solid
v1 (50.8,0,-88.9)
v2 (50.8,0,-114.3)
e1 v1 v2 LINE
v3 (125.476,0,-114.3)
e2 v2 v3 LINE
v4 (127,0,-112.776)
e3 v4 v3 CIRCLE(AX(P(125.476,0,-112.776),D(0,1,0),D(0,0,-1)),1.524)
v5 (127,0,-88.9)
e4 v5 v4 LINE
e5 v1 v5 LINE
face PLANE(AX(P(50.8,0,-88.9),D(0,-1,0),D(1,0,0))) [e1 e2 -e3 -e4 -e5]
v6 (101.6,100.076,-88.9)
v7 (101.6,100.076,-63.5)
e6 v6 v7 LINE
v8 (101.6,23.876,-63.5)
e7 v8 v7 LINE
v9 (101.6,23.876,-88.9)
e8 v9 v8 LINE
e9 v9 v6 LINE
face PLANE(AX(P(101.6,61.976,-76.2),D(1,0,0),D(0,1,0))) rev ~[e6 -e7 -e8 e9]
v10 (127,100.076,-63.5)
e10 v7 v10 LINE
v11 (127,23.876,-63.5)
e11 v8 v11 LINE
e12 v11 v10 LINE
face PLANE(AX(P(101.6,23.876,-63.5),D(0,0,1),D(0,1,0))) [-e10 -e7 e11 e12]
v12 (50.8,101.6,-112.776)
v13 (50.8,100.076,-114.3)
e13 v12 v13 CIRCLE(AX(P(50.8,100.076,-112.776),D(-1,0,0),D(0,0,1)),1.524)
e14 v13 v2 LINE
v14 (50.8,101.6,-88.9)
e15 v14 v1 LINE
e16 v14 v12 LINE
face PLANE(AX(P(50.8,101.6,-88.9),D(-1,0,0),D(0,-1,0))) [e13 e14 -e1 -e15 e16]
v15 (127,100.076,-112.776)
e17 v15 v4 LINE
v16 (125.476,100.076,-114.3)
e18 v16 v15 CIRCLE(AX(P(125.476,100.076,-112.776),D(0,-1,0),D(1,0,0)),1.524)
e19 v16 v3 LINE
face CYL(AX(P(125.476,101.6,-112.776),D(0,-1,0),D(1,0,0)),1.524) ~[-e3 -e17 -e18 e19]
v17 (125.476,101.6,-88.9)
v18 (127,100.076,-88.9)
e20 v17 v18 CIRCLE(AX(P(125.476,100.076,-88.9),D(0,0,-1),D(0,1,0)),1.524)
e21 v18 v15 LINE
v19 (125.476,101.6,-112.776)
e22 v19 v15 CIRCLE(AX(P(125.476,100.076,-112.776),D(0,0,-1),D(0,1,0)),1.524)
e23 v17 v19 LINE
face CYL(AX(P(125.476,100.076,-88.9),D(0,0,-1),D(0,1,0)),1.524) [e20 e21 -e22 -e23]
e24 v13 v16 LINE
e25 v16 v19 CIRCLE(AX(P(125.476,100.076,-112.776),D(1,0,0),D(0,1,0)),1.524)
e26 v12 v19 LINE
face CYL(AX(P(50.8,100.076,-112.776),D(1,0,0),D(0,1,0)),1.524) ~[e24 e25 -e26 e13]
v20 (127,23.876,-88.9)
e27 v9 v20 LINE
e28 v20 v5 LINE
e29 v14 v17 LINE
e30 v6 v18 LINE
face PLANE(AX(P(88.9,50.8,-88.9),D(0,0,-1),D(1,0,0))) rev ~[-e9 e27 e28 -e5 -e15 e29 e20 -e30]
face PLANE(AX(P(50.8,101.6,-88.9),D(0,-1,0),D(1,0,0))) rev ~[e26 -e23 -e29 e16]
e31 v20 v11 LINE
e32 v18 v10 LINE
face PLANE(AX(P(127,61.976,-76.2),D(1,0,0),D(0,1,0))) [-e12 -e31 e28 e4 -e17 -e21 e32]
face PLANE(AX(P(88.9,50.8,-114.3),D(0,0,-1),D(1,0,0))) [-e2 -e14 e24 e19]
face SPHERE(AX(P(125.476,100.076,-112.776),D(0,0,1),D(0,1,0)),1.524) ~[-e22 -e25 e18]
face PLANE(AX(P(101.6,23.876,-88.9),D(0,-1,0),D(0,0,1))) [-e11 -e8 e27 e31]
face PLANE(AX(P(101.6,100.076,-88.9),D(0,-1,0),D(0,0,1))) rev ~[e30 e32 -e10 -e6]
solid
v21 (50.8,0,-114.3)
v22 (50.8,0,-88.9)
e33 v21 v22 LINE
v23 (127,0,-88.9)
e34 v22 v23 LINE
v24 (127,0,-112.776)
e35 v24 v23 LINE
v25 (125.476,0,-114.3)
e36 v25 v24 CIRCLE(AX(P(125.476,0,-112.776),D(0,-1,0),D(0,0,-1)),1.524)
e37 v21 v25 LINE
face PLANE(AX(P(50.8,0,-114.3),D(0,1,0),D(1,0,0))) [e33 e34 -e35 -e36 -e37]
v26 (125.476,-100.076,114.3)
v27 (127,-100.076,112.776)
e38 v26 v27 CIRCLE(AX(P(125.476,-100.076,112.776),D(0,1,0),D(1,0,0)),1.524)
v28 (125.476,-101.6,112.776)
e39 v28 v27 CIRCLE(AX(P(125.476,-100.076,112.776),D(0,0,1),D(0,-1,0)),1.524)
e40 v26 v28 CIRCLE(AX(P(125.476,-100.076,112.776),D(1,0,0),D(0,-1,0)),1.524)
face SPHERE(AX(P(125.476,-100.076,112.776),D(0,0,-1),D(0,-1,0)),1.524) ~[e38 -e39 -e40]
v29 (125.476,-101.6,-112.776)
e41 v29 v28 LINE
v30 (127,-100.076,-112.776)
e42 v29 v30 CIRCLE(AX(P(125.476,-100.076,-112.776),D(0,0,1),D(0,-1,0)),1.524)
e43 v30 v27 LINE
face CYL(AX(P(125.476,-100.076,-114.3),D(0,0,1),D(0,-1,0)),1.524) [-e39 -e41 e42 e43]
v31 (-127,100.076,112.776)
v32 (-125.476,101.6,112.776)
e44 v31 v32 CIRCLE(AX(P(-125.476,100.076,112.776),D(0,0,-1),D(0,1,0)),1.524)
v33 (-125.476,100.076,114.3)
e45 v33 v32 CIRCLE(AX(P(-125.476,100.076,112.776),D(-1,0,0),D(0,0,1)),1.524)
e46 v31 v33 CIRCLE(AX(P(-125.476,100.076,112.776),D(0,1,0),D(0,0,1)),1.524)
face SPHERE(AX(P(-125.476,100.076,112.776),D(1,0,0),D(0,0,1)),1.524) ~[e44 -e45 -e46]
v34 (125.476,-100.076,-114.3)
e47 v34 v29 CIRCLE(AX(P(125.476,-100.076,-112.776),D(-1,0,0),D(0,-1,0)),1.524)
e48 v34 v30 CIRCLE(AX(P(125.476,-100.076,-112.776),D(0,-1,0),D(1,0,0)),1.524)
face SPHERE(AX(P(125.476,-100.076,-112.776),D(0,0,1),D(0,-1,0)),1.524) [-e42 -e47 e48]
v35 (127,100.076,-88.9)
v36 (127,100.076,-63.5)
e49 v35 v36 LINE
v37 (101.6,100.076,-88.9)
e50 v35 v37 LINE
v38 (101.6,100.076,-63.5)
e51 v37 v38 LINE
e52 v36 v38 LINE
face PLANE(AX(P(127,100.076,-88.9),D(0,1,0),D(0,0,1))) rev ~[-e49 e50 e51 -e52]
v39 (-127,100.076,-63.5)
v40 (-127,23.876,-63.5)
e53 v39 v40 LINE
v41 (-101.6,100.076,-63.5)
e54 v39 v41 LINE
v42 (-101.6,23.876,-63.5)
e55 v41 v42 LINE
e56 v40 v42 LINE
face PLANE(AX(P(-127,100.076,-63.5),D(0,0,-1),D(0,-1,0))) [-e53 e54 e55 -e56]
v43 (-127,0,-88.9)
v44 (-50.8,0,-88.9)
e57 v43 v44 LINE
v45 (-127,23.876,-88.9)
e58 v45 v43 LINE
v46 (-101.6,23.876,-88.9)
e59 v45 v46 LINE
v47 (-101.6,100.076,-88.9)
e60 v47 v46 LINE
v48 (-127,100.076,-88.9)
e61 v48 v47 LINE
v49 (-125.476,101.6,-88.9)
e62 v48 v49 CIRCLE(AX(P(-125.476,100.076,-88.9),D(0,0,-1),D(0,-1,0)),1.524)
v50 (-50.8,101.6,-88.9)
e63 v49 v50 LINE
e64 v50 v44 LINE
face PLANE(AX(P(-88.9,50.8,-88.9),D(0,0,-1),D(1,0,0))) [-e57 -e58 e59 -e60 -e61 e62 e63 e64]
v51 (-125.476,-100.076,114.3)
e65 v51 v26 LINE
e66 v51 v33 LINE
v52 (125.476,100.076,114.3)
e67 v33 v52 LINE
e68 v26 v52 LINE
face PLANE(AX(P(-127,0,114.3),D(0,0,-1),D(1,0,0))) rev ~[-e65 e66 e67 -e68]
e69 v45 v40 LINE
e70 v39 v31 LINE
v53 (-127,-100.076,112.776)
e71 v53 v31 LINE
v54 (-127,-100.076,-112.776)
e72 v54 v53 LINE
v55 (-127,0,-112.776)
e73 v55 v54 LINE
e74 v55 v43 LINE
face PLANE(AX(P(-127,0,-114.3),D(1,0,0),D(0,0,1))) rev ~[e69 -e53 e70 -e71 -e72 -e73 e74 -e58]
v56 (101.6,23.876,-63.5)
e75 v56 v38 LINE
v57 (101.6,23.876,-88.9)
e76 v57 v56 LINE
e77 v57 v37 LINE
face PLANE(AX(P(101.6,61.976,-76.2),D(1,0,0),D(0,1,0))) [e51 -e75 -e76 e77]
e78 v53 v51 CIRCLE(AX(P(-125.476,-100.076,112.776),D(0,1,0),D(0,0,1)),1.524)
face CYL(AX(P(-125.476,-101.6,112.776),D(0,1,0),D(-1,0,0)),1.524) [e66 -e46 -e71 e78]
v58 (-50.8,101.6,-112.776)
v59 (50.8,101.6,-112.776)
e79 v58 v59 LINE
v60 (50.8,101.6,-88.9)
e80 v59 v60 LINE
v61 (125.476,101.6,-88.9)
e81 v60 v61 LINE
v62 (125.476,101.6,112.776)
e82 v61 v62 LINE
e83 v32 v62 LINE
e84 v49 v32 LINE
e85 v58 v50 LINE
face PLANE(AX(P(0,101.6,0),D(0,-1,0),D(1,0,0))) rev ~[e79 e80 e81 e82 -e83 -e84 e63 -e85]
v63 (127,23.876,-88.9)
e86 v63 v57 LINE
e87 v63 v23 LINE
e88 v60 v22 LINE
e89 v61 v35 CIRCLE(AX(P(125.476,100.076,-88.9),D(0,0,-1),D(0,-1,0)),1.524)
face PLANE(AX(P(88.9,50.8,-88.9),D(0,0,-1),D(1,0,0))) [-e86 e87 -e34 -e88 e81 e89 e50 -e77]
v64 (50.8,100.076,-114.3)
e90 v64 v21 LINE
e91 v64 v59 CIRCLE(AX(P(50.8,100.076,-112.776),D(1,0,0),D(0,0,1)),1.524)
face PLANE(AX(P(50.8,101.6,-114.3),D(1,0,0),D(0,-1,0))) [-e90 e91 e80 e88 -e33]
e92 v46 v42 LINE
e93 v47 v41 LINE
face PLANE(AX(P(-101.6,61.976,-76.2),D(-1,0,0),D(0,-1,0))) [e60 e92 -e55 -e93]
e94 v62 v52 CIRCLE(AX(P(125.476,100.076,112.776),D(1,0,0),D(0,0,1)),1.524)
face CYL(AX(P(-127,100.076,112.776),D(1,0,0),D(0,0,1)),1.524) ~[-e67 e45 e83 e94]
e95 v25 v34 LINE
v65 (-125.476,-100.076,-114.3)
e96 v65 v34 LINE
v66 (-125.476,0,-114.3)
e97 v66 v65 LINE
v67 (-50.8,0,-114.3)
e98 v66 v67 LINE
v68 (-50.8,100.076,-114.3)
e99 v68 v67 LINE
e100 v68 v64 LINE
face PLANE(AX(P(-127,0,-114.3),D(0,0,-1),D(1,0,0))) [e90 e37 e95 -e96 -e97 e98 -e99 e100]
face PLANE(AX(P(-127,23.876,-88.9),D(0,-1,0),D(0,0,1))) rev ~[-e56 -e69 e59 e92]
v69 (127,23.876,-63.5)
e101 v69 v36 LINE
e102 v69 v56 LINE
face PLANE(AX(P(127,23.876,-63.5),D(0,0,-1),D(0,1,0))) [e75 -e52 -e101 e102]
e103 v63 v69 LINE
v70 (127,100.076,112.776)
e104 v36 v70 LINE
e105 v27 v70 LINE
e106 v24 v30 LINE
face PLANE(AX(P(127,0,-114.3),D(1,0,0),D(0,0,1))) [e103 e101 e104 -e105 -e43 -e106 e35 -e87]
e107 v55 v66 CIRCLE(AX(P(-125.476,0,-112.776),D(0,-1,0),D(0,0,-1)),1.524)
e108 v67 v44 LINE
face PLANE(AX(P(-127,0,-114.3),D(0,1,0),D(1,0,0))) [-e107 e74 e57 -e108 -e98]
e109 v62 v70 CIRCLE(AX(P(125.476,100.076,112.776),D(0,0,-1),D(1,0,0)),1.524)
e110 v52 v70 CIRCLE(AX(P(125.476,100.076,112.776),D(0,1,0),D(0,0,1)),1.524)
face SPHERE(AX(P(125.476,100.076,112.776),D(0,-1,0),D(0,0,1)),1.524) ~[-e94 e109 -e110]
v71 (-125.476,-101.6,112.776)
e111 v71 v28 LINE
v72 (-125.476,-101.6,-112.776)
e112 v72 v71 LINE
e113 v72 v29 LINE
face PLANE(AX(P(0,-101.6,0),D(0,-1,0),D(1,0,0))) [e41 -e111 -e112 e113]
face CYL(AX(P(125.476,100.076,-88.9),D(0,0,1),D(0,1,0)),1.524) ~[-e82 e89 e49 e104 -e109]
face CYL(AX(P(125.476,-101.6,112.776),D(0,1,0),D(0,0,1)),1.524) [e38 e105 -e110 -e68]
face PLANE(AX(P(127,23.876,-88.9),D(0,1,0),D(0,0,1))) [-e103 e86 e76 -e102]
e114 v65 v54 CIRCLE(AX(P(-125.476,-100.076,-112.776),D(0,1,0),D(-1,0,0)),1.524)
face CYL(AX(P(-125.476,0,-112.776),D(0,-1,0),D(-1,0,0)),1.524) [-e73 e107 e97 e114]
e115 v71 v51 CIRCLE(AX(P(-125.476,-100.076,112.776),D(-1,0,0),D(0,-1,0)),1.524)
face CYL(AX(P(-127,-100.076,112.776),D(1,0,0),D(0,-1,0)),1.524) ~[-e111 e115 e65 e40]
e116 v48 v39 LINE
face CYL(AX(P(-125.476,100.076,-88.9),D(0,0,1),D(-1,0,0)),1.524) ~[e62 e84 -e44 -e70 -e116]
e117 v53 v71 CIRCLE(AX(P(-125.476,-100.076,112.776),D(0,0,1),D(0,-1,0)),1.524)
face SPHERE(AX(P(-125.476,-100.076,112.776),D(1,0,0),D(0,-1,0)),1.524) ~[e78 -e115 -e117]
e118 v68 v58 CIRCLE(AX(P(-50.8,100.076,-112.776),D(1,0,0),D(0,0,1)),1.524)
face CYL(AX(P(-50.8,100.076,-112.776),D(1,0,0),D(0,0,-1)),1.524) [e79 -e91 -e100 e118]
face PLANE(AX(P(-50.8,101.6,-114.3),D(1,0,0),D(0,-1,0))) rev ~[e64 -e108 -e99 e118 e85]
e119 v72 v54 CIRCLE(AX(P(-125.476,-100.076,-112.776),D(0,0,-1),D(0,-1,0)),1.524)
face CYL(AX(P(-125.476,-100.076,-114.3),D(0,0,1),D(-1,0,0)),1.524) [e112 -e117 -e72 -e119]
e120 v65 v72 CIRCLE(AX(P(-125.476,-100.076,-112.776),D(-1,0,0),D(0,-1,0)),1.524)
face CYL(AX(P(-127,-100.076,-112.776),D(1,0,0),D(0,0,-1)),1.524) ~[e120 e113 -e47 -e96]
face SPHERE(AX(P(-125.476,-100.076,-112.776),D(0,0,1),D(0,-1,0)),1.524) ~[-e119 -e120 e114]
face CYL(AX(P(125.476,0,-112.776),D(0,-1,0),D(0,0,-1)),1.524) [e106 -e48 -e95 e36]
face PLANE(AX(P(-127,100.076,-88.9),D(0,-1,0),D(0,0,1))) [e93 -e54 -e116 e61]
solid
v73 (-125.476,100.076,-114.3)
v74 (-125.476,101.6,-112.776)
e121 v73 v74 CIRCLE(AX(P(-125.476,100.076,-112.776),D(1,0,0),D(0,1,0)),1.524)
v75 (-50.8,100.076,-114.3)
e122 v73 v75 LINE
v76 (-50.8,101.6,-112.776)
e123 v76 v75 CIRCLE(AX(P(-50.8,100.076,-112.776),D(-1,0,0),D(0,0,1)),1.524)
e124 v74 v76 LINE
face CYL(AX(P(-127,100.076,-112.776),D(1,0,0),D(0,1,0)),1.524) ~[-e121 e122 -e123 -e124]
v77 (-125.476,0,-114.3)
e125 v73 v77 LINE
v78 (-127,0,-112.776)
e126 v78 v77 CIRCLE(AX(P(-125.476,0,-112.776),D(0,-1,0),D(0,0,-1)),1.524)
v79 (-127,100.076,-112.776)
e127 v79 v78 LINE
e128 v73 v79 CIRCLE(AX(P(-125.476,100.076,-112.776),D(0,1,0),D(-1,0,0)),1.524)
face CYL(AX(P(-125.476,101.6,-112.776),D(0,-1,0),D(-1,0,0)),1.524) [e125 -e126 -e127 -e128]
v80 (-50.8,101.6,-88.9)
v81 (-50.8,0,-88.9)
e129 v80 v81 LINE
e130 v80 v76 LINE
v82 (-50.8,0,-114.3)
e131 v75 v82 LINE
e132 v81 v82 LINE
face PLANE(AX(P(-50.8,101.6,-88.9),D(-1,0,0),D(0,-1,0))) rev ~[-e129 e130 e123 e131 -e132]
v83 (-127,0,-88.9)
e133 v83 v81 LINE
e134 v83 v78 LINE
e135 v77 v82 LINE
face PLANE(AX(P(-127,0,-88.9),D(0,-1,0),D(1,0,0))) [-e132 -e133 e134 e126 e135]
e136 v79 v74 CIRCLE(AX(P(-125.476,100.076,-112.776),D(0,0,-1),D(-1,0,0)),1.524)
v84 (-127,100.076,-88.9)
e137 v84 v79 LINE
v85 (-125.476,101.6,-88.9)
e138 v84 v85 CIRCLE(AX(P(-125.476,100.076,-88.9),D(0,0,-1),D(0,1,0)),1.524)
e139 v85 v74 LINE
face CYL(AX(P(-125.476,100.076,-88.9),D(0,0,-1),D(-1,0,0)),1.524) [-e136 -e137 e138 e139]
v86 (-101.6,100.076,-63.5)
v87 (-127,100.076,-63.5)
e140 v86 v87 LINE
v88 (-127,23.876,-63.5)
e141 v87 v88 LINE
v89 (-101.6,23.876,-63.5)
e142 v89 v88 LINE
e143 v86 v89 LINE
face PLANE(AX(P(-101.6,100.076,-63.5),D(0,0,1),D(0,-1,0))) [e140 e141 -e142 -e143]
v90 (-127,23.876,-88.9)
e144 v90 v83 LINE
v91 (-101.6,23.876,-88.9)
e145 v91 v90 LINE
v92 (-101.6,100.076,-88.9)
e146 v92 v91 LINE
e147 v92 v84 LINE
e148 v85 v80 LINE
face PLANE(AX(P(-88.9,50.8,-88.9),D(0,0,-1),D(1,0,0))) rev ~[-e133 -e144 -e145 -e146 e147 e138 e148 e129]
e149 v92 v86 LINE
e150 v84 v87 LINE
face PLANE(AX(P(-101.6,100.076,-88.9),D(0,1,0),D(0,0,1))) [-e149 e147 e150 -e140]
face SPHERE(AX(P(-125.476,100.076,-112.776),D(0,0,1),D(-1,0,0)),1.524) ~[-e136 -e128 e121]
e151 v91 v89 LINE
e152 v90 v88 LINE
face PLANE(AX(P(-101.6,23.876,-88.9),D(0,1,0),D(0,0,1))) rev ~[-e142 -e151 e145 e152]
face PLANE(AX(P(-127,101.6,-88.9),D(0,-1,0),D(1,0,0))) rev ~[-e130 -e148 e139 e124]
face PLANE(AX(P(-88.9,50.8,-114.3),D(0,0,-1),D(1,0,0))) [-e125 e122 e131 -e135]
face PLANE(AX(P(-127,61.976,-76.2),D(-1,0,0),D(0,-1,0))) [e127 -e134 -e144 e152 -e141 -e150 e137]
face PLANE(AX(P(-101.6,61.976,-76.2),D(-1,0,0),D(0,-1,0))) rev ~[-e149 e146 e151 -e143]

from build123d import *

# Parameters (mm, degrees)
F0_W      = 254
F0_H      = 228.6
F1_DEPTH  = 101.6
F2_W      = 76.2
F2_H      = 101.6
F3_DEPTH  = 25.4
F4_DEPTH  = 25.4
F5_R      = 1.524
F5_2_R    = 1.524
F5_3_R    = 1.524
F6_W      = 76.2
F6_H      = 25.4
F7_DEPTH  = 25.4
F8_DEPTH  = 25.4
F9_W      = 76.2
F9_H      = 25.4
F10_DEPTH = 25.4
F11_DEPTH = 25.4


with BuildPart() as f1:
    # F0 (on Front) → F1 (new body, symmetric)
    with BuildSketch(Plane.XZ):
        Rectangle(F0_W, F0_H)
    extrude(amount=F1_DEPTH, both=True)

    # F2 (on face) → F3 (cut)
    with BuildSketch(Plane(origin=(0, 0, -114.3), x_dir=(1, 0, 0), z_dir=(0, 0, -1))):
        with Locations((88.9, -50.8)):
            Rectangle(F2_W, F2_H)
        with Locations((-88.9, -50.8)):
            Rectangle(F2_W, F2_H)
    extrude(amount=-F3_DEPTH, mode=Mode.SUBTRACT)


with BuildPart() as f4:
    # F4 (new): a face of the model
    f4_faces = [f1.part.faces().sort_by_distance(p)[0] for p in [
        (88.9, 50.8, -88.9),
    ]]
    extrude(f4_faces, amount=F4_DEPTH)

    # F5#2
    f5_2_edges = [f4.edges().sort_by_distance(p)[0] for p in [
        (127, 101.6, -101.6),
        (88.9, 101.6, -114.3),
        (127, 50.8, -114.3),
    ]]
    fillet(f5_2_edges, radius=F5_2_R)



with BuildPart() as f4b:
    # F4#2 (new): a face of the model
    f4_2_faces = [f1.part.faces().sort_by_distance(p)[0] for p in [
        (-88.9, 50.8, -88.9),
    ]]
    extrude(f4_2_faces, amount=F4_DEPTH)

    # F5#3
    f5_3_edges = [f4b.edges().sort_by_distance(p)[0] for p in [
        (-127, 101.6, -101.6),
        (-127, 50.8, -114.3),
        (-88.9, 101.6, -114.3),
    ]]
    fillet(f5_3_edges, radius=F5_3_R)



with BuildPart() as f1_1:
    add(f1.part)

    # F5
    f5_edges = [f1_1.edges().sort_by_distance(p)[0] for p in [
        (127, -101.6, 0),
        (0, -101.6, 114.3),
        (-127, -101.6, 0),
        (0, -101.6, -114.3),
        (127, 0, 114.3),
        (0, 101.6, 114.3),
        (-127, 0, 114.3),
        (127, 101.6, 12.7),
        (-127, 101.6, 12.7),
        (-127, -50.8, -114.3),
        (0, 101.6, -114.3),
        (127, -50.8, -114.3),
    ]]
    fillet(f5_edges, radius=F5_R)

    # F6 (on face) → F7 (cut)
    with BuildSketch(Plane.YZ.offset(127)):
        with Locations((61.976, -76.2)):
            Rectangle(F6_W, F6_H)
    extrude(amount=-F7_DEPTH, mode=Mode.SUBTRACT)


with BuildPart() as f4_1:
    add(f4.part)
    # F8 (add): a face of the model
    f8_faces = [f1_1.part.faces().sort_by_distance(p)[0] for p in [
        (101.6, 61.976, -76.2),
    ]]
    extrude(f8_faces, amount=F8_DEPTH)


with BuildPart() as f1_2:
    add(f1_1.part)

    # F9 (on face) → F10 (cut)
    with BuildSketch(Plane(origin=(-127, 0, 0), x_dir=(0, -1, 0), z_dir=(-1, 0, 0))):
        with Locations((-61.976, -76.2)):
            Rectangle(F9_W, F9_H)
    extrude(amount=-F10_DEPTH, mode=Mode.SUBTRACT)


with BuildPart() as f4b_1:
    add(f4b.part)
    # F11 (add): a face of the model
    f11_faces = [f1_2.part.faces().sort_by_distance(p)[0] for p in [
        (-101.6, 61.976, -76.2),
    ]]
    extrude(f11_faces, amount=F11_DEPTH)


solid = Compound([f4_1.part, f1_2.part, f4b_1.part])
